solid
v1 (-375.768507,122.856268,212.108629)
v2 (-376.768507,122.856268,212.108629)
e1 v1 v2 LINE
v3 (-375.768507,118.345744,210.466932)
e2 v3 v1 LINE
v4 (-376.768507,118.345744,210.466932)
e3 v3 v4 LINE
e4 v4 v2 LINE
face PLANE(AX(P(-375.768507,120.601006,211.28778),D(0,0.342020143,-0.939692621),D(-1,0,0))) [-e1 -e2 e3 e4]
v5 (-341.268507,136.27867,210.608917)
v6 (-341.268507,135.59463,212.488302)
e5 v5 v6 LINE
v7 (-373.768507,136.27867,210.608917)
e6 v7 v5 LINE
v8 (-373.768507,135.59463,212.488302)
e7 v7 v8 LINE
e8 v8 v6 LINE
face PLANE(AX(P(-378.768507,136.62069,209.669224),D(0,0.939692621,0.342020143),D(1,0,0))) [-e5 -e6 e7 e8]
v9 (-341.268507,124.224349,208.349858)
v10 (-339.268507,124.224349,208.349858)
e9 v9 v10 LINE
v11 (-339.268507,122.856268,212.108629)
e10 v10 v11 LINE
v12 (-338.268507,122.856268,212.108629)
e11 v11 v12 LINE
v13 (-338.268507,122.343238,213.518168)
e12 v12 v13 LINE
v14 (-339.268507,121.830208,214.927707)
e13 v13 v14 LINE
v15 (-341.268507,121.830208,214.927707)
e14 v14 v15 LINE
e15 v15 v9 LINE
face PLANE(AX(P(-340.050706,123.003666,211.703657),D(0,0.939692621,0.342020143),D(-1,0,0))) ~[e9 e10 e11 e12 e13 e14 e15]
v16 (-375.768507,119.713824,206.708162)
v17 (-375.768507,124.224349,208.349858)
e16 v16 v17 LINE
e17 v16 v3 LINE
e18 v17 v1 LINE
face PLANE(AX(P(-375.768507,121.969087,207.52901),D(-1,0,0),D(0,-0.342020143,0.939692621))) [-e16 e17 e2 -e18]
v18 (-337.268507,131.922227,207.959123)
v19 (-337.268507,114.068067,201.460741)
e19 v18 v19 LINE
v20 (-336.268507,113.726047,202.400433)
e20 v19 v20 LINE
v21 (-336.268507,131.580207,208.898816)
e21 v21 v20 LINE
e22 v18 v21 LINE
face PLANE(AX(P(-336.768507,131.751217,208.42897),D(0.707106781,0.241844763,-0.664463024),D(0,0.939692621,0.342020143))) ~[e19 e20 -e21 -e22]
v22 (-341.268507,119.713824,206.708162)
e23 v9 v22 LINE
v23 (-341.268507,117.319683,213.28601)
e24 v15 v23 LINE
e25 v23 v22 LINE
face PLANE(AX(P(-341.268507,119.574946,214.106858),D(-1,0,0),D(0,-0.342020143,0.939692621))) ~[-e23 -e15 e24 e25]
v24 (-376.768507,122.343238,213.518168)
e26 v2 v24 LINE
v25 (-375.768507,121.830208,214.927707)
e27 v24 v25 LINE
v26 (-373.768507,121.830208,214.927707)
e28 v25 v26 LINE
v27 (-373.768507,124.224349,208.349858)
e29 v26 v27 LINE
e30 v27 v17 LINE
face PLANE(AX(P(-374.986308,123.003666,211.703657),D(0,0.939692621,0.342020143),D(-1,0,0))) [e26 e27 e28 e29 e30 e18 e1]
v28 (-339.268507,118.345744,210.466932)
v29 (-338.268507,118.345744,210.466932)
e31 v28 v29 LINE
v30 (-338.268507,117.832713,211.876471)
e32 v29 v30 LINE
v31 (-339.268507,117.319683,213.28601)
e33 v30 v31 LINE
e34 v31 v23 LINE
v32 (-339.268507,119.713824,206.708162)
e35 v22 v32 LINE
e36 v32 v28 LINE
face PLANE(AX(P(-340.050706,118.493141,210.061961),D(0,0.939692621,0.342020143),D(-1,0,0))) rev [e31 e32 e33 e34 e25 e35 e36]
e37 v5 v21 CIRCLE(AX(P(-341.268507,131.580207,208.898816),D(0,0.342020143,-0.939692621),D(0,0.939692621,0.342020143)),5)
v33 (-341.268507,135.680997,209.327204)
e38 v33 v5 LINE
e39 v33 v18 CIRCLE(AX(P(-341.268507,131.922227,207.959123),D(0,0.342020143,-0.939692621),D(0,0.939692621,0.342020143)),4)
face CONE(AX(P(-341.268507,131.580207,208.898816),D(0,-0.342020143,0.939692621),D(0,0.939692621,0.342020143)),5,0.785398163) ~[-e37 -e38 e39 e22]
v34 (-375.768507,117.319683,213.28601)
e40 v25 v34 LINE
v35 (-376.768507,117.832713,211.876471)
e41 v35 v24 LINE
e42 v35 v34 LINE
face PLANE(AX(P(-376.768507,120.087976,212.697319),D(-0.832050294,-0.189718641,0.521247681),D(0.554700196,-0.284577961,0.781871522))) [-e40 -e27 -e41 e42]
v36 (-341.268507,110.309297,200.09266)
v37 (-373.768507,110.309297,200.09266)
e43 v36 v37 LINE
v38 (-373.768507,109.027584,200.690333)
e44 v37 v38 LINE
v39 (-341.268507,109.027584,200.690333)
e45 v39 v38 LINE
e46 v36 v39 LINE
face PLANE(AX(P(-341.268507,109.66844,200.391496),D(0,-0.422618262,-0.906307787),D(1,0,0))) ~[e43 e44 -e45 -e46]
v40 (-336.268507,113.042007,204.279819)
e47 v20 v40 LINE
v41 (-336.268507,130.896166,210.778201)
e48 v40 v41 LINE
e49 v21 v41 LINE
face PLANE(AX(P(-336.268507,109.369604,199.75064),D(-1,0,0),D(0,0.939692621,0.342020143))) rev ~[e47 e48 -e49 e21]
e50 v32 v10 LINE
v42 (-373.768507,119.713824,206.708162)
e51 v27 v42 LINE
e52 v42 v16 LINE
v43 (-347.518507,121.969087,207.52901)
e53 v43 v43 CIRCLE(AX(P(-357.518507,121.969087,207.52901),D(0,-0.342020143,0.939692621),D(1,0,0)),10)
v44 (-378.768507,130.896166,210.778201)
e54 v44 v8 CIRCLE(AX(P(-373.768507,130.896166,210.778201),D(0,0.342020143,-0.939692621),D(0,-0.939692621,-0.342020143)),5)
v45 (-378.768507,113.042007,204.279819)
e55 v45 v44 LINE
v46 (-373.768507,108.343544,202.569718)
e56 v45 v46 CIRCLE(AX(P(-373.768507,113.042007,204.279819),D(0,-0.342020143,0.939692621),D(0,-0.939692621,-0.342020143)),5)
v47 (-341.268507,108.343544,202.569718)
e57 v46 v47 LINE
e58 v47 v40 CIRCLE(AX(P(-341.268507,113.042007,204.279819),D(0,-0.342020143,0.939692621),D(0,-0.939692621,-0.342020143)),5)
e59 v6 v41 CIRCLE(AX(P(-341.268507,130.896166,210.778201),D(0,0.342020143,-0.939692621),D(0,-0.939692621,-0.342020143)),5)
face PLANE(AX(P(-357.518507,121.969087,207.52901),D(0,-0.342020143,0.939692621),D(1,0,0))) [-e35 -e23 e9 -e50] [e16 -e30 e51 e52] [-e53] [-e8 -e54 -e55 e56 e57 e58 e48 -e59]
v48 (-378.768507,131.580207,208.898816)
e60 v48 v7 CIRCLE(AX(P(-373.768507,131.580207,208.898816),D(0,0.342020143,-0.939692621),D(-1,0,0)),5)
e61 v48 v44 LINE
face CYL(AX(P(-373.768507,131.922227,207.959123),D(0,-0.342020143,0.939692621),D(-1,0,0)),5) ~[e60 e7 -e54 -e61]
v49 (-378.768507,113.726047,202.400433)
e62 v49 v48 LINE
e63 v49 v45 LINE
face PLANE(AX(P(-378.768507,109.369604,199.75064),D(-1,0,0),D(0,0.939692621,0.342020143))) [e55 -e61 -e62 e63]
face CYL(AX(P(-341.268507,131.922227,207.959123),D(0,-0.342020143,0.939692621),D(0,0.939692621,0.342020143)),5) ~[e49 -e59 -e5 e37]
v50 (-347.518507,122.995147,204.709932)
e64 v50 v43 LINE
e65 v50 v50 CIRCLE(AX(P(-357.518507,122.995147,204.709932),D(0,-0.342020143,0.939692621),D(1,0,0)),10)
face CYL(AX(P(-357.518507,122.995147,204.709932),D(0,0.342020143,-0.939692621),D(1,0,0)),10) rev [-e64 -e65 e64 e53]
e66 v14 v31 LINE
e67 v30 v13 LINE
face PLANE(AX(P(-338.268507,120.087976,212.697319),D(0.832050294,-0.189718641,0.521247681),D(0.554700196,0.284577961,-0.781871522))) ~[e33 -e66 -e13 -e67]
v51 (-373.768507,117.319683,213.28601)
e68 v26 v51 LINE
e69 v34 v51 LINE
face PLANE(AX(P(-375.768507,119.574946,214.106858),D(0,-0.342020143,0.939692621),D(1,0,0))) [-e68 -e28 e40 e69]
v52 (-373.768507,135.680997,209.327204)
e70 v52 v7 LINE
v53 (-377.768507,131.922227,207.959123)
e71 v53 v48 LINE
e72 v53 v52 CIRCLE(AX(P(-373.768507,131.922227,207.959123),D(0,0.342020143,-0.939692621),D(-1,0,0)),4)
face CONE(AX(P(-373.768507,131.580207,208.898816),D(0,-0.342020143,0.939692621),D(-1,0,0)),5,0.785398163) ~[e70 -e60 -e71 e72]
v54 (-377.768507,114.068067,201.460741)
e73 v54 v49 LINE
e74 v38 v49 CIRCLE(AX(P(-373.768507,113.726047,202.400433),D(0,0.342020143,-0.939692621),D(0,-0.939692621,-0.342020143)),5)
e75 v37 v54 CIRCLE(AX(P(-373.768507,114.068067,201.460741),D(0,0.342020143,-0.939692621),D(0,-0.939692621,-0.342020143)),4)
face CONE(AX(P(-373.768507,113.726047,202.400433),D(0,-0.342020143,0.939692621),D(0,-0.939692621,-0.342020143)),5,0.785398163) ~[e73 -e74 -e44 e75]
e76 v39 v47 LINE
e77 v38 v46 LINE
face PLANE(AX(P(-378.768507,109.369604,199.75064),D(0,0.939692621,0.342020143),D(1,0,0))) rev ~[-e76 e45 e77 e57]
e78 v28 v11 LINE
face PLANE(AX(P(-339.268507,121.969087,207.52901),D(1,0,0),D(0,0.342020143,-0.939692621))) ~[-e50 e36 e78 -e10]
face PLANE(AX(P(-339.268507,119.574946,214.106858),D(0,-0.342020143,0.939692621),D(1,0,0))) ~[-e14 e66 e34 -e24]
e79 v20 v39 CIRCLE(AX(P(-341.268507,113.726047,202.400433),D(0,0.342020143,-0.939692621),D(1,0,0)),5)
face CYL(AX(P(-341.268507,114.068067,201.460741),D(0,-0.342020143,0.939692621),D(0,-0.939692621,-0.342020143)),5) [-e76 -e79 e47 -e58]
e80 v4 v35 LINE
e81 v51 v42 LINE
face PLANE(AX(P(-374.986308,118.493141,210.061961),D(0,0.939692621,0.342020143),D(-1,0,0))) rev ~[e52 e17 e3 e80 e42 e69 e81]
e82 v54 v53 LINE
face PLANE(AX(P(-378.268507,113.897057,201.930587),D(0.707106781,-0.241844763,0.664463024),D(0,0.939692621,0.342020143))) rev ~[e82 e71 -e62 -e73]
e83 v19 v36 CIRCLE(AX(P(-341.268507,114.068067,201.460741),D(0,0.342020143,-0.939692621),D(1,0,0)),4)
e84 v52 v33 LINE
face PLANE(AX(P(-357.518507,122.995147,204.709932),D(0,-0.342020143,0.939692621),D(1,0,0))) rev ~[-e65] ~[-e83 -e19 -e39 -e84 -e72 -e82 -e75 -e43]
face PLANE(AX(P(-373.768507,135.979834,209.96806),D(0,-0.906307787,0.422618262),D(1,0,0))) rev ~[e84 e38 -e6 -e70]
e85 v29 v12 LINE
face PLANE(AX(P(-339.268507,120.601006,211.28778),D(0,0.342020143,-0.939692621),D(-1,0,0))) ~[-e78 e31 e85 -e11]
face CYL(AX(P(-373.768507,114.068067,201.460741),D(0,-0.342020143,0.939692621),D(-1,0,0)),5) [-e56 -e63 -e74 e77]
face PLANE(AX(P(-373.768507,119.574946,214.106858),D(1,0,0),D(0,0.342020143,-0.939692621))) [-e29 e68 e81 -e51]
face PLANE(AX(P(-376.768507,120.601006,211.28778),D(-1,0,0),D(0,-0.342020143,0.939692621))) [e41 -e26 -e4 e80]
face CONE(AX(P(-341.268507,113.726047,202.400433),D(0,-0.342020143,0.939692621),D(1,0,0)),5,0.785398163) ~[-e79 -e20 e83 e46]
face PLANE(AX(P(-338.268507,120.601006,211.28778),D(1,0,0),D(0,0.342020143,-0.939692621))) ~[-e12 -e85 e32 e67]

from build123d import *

# Parameters (mm, degrees)
SKETCH144_W             = 42.5
SKETCH144_H             = 29
SKETCH144_R             = 10
PAD034_DEPTH            = 3
PAD036_DEPTH            = 2.4
FILLET021_R             = 5
CHAMFER004_SIZE         = 1
BODY013_PLACEMENT_ANGLE = 20


with BuildPart() as part:
    # Sketch144 → Pad034 (new body)
    with BuildSketch(Plane.XY):
        Rectangle(SKETCH144_W, SKETCH144_H)
        Circle(SKETCH144_R, mode=Mode.SUBTRACT)
    extrude(amount=PAD034_DEPTH)

    # Sketch146 (on Face3 of Pad034) → Pad036 (join, symmetric)
    with BuildSketch(Plane(origin=(0, 0, 0), x_dir=(-1, 0, 0), z_dir=(0, 1, 0))):
        Polygon((16.25, 3), (18.25, 3), (18.25, 7), (19.25, 7), (19.25, 8.5), (18.25, 10), (16.25, 10), align=None)
    pad036 = extrude(amount=PAD036_DEPTH, both=True)

    # Mirrored010: Pad036 across Sketch146 V_Axis
    add(pad036.mirror(Plane(origin=(0, 0, 0), x_dir=(0, 1, 0), z_dir=(-1, 0, 0))))

    # Fillet021
    fillet021_edges = [part.edges().sort_by_distance(p)[0] for p in [
        (21.25, 14.5, 1.5),
        (-21.25, 14.5, 1.5),
        (-21.25, -14.5, 1.5),
        (21.25, -14.5, 1.5),
    ]]
    fillet(fillet021_edges, radius=FILLET021_R)

    # Chamfer004
    chamfer004_edges = [part.edges().sort_by_distance(p)[0] for p in [
        (0, 14.5, 0),
    ]]
    chamfer(chamfer004_edges, length=CHAMFER004_SIZE)


with BuildPart() as part_1:
    # Body013 placement: moved
    add(part.part.moved(Location((-357.518507, 122.995147, 204.709932))).rotate(Axis((-357.518507, 122.995147, 204.709932), (1, 0, 0)), BODY013_PLACEMENT_ANGLE))


solid = part_1.part
